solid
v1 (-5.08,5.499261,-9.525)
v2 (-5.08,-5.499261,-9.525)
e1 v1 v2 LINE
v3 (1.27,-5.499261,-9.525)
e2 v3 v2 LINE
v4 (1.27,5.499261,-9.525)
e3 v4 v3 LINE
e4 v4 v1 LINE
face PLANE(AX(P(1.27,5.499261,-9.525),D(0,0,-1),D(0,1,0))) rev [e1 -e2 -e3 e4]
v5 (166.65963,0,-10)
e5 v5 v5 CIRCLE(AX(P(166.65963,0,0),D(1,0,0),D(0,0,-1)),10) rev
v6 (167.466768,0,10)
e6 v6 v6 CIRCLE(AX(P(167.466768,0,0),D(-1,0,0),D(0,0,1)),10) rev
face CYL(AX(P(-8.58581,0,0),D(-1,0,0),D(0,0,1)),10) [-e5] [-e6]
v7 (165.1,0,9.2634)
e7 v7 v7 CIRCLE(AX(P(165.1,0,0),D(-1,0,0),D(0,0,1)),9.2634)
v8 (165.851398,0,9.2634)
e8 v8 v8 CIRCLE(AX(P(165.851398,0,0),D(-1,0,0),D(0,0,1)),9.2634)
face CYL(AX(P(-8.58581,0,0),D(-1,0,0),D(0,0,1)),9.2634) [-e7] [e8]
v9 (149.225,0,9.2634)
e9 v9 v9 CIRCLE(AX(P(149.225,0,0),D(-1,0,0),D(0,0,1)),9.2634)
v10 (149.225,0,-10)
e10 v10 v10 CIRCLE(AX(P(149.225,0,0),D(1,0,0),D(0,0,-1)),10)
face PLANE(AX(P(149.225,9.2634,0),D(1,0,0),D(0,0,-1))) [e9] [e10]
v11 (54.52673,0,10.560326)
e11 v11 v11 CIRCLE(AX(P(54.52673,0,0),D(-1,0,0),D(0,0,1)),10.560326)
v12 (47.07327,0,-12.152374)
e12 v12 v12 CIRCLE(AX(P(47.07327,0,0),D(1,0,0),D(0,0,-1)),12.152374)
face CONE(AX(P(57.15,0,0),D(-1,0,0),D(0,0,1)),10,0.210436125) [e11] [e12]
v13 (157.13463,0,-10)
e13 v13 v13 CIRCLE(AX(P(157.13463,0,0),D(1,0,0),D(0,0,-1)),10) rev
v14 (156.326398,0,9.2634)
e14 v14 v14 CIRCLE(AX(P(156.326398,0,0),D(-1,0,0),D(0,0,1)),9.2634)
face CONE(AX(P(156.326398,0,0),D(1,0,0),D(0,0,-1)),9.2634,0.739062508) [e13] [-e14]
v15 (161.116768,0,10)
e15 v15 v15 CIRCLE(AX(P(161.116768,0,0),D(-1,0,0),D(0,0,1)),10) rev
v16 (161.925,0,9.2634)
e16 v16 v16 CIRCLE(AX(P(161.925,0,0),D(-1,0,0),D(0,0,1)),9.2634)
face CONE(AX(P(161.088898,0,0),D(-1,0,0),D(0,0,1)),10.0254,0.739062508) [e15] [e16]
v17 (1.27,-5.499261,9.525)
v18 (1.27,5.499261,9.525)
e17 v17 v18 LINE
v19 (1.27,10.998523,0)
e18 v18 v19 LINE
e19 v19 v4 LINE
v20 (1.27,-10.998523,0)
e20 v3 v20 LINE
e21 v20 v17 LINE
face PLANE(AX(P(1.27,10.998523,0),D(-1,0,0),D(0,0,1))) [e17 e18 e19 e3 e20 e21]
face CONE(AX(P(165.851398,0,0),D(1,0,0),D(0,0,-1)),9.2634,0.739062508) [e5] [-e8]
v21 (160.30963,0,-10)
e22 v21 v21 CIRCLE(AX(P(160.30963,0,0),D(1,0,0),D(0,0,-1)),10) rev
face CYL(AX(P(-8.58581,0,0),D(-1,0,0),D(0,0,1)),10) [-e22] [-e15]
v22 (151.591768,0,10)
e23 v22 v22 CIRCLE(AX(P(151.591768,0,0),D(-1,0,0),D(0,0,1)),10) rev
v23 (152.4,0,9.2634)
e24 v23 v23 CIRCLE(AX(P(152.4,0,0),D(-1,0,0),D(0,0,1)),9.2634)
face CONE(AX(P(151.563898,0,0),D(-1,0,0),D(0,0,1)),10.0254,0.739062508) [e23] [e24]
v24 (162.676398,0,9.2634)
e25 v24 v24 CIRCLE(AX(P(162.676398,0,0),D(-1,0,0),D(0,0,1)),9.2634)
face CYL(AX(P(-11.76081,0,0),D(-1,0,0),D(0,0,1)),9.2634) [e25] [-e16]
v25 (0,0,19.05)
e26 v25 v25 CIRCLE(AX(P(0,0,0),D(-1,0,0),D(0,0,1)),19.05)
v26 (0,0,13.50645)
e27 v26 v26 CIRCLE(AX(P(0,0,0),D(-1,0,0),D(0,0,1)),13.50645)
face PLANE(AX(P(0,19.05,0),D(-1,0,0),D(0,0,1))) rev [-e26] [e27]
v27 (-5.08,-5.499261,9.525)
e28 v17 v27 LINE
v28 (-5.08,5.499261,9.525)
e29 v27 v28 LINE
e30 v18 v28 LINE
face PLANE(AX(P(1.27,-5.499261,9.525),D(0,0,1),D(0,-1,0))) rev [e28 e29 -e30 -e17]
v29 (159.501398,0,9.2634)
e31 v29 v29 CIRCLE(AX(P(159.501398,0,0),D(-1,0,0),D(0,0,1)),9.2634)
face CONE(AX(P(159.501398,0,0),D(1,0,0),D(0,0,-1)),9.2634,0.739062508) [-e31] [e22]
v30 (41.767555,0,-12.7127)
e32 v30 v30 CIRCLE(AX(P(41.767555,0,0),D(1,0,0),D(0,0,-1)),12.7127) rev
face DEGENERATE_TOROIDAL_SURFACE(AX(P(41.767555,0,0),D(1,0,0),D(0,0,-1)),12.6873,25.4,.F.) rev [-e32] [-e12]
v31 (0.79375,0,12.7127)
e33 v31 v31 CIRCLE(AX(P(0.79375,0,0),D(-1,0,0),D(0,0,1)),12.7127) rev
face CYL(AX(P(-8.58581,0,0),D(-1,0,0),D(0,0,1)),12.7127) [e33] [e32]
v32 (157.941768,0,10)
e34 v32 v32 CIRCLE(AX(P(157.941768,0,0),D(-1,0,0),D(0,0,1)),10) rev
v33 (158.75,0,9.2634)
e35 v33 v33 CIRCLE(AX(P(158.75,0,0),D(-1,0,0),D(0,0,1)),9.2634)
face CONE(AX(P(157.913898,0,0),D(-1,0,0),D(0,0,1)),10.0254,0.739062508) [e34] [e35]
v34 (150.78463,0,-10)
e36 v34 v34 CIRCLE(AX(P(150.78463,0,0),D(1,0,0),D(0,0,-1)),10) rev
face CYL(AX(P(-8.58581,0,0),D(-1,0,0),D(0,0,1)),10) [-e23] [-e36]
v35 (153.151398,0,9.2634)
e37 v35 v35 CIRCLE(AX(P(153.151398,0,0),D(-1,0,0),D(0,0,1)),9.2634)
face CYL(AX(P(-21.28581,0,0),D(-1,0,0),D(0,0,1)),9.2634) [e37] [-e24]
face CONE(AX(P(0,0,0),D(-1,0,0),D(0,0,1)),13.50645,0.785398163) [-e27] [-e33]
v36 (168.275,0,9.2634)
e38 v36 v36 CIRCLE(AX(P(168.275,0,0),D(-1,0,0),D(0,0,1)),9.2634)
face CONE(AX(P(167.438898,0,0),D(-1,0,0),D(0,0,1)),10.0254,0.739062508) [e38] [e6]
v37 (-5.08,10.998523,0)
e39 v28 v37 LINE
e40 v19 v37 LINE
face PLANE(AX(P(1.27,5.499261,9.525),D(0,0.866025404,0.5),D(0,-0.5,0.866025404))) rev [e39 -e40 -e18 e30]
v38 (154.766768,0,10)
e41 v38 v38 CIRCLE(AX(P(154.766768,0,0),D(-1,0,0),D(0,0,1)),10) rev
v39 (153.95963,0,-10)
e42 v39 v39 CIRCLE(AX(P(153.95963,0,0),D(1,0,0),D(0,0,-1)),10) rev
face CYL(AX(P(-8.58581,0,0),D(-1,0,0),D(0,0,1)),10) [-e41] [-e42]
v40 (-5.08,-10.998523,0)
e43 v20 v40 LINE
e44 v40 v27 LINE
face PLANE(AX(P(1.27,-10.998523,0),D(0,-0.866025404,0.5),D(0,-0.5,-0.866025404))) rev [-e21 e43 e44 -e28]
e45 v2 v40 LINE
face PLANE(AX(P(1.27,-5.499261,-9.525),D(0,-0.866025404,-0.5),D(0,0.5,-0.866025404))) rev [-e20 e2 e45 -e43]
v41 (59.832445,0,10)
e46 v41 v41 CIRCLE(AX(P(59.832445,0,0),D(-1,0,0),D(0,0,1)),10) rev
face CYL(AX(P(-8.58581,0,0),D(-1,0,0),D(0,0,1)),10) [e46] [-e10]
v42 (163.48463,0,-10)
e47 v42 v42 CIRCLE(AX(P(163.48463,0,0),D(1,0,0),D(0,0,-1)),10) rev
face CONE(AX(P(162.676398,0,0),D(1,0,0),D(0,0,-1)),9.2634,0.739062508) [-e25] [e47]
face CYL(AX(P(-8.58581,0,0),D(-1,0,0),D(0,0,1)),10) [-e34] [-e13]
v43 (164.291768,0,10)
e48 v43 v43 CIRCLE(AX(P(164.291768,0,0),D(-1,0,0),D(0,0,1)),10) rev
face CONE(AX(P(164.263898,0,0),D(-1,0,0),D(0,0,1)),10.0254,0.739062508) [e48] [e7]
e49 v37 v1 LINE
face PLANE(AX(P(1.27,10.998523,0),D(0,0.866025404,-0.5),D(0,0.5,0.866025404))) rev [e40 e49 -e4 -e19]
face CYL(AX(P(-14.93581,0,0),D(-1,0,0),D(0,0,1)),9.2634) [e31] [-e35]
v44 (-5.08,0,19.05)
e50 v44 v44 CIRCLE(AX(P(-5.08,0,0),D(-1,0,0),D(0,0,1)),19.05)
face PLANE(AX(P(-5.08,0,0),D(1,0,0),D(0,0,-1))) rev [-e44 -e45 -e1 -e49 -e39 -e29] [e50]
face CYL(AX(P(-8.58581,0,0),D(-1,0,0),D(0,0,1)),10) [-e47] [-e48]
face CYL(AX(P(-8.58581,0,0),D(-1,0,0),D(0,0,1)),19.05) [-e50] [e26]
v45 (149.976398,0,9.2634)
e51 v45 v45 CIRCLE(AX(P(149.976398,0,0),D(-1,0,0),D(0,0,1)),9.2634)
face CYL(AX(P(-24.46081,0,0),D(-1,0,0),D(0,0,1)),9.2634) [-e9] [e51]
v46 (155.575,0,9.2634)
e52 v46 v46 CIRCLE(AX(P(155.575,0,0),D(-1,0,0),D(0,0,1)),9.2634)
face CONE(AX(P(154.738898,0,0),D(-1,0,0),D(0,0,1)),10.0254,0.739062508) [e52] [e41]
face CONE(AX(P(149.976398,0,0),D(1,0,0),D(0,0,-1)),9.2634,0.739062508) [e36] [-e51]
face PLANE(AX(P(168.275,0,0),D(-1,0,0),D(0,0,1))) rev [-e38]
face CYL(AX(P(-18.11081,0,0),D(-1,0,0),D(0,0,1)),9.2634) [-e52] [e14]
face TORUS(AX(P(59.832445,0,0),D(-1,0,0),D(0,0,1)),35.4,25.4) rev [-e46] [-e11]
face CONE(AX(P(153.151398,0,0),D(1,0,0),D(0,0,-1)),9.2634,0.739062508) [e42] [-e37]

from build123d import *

# Parameters (mm, degrees)
LPATTERN1_COUNT    = 6
LPATTERN1_PITCH    = 3.175
CUT_EXTRUDE1_DEPTH = 6.35
FILLET1_R          = 25.4
CHAMFER1_SIZE      = 0.79375


with BuildPart() as part:
    # Sketch2 → Revolve1 (revolve)
    with BuildSketch(Plane.XY):
        Polygon((-5.08, 0), (168.275, 0), (168.275, 10), (57.15, 10), (44.45, 12.7127), (0, 12.7127), (0, 19.05), (-5.08, 19.05), align=None)
    revolve(axis=Axis((-8.585810146, 0, 0), (1, 0, 0)))

    # Sketch3 → Cut-Revolve1 (revolve, cut)
    with BuildSketch(Plane.XY):
        Polygon((168.275, 9.2634), (167.438897849, 10.0254), (166.6875, 10.0254), (165.851397849, 9.2634), (165.1, 9.2634), (165.1, 10.5334), (168.275, 10.5334), align=None)
    cut_revolve1 = revolve(axis=Axis((-8.585810146, 0, 0), (1, 0, 0)), mode=Mode.SUBTRACT)

    # LPattern1: Cut-Revolve1 ×6
    with Locations(*[(-i * LPATTERN1_PITCH, 0, 0) for i in range(1, LPATTERN1_COUNT)]):
        add(cut_revolve1, mode=Mode.SUBTRACT)

    # Sketch4 → Cut-Extrude1 (cut)
    with BuildSketch(Plane.ZY.offset(5.08)):
        Polygon((0, 10.998522628), (-9.525, 5.499261314), (-9.525, -5.499261314), (0, -10.998522628), (9.525, -5.499261314), (9.525, 5.499261314), align=None)
    extrude(amount=-CUT_EXTRUDE1_DEPTH, mode=Mode.SUBTRACT)

    # Fillet1
    fillet1_edges = [part.edges().sort_by_distance(p)[0] for p in [
        (57.15, -10, 0),
        (44.45, -12.7127, 0),
    ]]
    fillet(fillet1_edges, radius=FILLET1_R)

    # Chamfer1
    chamfer1_edges = [part.edges().sort_by_distance(p)[0] for p in [
        (0, -12.7127, 0),
    ]]
    chamfer(chamfer1_edges, length=CHAMFER1_SIZE)


solid = part.part
